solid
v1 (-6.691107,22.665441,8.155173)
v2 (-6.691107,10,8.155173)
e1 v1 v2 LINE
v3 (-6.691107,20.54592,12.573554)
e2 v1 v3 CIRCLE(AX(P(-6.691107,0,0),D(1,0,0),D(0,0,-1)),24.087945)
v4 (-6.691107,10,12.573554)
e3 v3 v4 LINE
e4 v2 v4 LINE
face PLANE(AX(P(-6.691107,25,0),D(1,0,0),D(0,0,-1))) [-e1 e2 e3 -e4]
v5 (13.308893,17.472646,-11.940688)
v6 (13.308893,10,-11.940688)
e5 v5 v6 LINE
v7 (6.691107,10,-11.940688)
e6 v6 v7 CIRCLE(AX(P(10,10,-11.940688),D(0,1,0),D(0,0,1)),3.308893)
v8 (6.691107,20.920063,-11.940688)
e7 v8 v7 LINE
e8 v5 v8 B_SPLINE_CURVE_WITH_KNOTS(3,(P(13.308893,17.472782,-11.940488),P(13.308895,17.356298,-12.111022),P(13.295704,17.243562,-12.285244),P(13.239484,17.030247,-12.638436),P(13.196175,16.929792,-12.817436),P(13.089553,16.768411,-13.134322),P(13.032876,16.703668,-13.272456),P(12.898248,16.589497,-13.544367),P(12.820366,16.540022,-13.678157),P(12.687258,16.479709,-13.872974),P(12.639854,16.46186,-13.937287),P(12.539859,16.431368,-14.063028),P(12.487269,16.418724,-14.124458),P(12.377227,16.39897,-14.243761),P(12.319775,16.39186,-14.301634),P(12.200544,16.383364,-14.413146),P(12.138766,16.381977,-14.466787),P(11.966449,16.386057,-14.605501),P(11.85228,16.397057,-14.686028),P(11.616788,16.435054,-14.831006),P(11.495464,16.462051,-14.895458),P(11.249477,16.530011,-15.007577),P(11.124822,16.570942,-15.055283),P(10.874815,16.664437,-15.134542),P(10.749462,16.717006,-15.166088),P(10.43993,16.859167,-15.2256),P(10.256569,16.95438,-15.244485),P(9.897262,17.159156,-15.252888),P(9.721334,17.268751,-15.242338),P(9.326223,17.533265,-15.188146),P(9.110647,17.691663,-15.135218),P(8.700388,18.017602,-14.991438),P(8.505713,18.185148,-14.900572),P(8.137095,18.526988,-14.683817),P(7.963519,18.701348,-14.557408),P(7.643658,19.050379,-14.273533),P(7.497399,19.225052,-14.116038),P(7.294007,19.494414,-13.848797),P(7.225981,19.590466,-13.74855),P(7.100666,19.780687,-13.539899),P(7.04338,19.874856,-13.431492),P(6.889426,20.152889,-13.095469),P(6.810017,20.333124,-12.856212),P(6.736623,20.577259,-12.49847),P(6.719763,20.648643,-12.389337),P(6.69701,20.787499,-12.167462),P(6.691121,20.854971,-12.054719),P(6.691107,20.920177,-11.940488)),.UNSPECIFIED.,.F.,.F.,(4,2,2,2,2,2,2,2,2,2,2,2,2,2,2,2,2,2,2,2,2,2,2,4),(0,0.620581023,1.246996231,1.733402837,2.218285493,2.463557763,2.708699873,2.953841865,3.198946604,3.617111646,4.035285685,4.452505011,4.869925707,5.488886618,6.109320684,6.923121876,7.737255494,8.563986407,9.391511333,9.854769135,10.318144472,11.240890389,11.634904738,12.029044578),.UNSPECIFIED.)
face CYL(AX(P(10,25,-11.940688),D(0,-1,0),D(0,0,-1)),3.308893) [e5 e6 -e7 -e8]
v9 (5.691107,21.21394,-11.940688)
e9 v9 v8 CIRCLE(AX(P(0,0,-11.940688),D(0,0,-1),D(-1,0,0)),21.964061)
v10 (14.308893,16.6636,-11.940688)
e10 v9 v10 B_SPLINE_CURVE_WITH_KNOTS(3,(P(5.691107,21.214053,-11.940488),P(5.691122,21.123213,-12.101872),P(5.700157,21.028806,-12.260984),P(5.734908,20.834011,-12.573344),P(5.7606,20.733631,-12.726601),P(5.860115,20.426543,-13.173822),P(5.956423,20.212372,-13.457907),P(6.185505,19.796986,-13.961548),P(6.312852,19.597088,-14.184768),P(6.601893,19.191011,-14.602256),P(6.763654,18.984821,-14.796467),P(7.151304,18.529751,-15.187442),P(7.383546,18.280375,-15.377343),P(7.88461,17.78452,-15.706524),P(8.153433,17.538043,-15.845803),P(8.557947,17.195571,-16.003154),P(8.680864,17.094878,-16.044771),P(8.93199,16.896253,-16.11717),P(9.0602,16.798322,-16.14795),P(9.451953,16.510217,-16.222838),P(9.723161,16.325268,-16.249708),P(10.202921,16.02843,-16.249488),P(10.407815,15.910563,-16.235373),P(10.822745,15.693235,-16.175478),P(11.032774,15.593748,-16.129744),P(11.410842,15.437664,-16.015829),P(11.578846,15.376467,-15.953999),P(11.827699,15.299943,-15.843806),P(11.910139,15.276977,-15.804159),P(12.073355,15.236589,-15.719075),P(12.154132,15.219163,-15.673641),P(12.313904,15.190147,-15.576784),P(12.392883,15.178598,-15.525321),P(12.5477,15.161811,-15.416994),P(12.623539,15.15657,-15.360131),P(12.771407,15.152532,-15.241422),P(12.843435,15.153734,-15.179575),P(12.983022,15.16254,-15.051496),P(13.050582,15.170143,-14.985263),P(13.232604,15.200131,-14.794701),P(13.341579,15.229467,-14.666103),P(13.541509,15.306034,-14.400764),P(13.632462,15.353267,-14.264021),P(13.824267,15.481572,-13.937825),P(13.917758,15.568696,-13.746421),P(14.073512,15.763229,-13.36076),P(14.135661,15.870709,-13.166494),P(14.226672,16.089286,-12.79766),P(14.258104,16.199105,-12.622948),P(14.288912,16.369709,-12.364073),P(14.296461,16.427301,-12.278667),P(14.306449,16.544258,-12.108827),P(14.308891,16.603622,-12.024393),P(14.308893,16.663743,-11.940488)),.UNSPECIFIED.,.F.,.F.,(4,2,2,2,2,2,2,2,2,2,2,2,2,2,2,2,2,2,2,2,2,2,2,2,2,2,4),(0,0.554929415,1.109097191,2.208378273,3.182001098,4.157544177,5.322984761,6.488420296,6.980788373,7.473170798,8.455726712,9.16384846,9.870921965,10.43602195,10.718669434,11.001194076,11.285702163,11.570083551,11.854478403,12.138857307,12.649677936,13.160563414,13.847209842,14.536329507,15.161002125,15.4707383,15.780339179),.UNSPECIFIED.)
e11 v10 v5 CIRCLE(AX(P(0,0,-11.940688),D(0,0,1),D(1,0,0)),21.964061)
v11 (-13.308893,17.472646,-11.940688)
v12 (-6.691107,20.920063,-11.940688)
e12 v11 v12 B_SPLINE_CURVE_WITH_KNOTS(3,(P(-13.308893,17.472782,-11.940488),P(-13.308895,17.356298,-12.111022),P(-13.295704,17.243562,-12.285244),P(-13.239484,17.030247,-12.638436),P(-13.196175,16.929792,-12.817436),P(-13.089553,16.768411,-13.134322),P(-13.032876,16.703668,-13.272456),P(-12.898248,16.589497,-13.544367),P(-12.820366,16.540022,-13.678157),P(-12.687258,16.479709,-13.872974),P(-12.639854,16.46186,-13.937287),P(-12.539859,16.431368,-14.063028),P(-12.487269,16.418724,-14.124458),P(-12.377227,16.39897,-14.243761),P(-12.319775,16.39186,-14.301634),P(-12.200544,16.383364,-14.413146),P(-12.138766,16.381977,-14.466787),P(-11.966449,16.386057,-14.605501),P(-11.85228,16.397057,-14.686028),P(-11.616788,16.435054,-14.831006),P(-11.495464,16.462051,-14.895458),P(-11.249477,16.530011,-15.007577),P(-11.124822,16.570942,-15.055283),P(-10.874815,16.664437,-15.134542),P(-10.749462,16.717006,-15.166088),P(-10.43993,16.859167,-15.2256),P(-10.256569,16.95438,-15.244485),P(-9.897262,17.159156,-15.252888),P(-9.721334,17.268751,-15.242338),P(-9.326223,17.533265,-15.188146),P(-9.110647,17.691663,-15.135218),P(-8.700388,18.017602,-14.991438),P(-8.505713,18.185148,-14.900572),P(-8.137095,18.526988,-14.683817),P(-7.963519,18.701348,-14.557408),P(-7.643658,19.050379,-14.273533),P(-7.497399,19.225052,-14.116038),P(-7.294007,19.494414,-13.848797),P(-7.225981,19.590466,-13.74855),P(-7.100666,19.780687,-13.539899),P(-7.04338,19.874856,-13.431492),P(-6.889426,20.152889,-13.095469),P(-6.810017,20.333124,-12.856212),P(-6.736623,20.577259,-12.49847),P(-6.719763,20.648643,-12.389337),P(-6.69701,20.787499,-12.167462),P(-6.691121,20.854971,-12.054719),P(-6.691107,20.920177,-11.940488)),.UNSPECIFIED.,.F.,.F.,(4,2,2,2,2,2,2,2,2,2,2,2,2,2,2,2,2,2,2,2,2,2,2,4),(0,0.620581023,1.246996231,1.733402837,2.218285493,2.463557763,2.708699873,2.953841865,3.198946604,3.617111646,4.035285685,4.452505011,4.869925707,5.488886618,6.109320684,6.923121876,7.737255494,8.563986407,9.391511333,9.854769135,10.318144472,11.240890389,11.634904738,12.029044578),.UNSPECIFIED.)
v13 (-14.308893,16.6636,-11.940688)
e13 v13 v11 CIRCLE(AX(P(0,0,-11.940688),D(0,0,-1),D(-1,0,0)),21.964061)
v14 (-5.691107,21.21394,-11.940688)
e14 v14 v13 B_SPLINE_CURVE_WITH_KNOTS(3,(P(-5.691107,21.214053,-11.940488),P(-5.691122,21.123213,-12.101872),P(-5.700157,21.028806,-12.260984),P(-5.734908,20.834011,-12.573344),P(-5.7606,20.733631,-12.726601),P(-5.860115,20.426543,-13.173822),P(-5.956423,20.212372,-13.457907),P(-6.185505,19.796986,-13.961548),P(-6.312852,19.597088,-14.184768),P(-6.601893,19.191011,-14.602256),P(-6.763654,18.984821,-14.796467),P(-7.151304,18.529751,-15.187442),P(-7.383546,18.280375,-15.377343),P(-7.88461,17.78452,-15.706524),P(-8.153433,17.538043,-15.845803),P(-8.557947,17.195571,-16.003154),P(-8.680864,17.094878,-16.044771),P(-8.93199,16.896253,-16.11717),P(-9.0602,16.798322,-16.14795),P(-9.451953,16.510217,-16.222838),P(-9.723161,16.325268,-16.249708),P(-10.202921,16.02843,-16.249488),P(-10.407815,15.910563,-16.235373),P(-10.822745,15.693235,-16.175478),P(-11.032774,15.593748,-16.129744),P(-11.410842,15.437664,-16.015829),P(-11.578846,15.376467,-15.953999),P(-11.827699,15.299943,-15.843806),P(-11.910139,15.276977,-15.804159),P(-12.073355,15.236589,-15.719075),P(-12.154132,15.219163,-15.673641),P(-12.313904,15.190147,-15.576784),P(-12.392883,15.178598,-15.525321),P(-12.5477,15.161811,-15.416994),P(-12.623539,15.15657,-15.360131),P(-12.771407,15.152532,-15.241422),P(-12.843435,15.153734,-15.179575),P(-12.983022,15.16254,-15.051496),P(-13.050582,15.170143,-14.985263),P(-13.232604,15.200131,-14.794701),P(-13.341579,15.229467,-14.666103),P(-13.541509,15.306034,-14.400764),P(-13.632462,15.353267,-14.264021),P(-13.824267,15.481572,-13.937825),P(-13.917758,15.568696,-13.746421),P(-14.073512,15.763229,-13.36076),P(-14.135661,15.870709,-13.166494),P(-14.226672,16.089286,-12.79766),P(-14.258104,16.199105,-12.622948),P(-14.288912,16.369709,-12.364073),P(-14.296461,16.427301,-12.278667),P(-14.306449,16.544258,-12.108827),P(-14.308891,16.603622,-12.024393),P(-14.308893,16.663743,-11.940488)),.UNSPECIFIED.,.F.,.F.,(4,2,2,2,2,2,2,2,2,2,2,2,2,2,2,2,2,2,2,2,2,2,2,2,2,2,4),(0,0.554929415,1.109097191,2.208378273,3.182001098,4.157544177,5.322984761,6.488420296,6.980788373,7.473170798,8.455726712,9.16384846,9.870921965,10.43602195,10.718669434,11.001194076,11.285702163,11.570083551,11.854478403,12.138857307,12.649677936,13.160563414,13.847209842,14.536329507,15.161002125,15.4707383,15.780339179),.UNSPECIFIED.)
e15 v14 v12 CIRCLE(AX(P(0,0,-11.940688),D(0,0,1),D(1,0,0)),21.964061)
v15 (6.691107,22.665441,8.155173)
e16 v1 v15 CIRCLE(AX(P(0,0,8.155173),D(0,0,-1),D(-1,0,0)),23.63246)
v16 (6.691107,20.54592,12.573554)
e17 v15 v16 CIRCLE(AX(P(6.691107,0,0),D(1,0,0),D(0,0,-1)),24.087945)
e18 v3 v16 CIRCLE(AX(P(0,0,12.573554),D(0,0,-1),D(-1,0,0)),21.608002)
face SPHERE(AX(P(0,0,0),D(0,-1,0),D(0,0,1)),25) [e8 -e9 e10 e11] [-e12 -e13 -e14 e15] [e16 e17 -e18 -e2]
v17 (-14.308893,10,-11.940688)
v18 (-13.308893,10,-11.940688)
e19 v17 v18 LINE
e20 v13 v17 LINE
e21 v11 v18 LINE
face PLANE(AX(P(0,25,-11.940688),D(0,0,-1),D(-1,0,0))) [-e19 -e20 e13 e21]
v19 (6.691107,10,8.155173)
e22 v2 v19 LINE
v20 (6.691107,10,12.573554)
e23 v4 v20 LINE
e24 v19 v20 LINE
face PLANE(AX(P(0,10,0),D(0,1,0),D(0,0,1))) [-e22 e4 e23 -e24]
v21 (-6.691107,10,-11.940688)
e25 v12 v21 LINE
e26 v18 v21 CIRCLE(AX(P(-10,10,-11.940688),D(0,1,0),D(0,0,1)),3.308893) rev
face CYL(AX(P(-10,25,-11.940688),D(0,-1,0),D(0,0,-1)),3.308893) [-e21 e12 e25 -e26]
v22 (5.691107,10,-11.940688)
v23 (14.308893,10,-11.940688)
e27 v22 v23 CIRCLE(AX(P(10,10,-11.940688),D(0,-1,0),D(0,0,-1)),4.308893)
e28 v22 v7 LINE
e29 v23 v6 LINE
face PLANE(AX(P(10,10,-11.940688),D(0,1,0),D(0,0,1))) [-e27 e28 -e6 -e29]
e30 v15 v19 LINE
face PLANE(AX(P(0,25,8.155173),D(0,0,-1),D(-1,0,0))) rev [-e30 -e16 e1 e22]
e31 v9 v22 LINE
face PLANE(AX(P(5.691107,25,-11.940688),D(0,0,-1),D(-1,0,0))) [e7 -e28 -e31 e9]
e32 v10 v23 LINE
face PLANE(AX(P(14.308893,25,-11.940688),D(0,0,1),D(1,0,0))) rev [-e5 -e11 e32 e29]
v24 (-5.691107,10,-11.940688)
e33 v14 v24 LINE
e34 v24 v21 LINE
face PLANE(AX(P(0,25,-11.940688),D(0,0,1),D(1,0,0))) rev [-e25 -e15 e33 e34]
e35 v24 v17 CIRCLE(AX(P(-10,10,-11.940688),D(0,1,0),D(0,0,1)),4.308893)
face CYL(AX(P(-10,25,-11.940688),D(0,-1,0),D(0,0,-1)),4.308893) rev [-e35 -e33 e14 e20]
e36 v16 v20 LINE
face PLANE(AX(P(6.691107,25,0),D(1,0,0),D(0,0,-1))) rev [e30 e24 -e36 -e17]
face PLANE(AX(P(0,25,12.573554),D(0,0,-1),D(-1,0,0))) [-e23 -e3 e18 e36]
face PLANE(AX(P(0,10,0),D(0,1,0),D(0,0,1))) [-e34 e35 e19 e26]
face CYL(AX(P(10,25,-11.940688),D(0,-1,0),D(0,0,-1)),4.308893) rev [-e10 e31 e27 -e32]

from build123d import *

# Parameters (mm, degrees)
SKETCH_6_W          = 13.38221488
SKETCH_6_H          = 4.41838063
CUT_EXTRUDE_1_DEPTH = 50.749371855


with BuildPart() as part:
    # 草图4 → 旋转1 (revolve)
    with BuildSketch(Plane(origin=(0, 0, 0), x_dir=(0, 0, -1), z_dir=(1, 0, 0))):
        with BuildLine():
            Line((0, -25), (0, 0))
            Line((0, 0), (0, 17.552013601))
            Line((0, 17.552013601), (0, 25))
            ThreePointArc((0, 25), (-25, 0), (0, -25))
        make_face()
    revolve(axis=Axis((0, 0, 0), (0, 1, 0)))

    # 草图6 → 切除-拉伸1 (cut, through all)
    with BuildSketch(Plane(origin=(0, 10, 0), x_dir=(1, 0, 0), z_dir=(0, 1, 0))):
        with BuildLine():
            Line((-14.30889256, 11.940688041), (-13.30889256, 11.940688041))
            ThreePointArc((-13.30889256, 11.940688041), (-10, 15.2495806), (-6.69110744, 11.940688041))
            Line((-6.69110744, 11.940688041), (-5.69110744, 11.940688041))
            ThreePointArc((-5.69110744, 11.940688041), (-10, 16.2495806), (-14.30889256, 11.940688041))
        make_face()
        with Locations((0, -10.364363226)):
            Rectangle(SKETCH_6_W, SKETCH_6_H)
        with BuildLine():
            ThreePointArc((5.69110744, 11.940688041), (10, 16.2495806), (14.30889256, 11.940688041))
            Line((14.30889256, 11.940688041), (13.30889256, 11.940688041))
            ThreePointArc((13.30889256, 11.940688041), (10, 15.2495806), (6.69110744, 11.940688041))
            Line((6.69110744, 11.940688041), (5.69110744, 11.940688041))
        make_face()
    extrude(amount=CUT_EXTRUDE_1_DEPTH, mode=Mode.SUBTRACT)


solid = part.part
